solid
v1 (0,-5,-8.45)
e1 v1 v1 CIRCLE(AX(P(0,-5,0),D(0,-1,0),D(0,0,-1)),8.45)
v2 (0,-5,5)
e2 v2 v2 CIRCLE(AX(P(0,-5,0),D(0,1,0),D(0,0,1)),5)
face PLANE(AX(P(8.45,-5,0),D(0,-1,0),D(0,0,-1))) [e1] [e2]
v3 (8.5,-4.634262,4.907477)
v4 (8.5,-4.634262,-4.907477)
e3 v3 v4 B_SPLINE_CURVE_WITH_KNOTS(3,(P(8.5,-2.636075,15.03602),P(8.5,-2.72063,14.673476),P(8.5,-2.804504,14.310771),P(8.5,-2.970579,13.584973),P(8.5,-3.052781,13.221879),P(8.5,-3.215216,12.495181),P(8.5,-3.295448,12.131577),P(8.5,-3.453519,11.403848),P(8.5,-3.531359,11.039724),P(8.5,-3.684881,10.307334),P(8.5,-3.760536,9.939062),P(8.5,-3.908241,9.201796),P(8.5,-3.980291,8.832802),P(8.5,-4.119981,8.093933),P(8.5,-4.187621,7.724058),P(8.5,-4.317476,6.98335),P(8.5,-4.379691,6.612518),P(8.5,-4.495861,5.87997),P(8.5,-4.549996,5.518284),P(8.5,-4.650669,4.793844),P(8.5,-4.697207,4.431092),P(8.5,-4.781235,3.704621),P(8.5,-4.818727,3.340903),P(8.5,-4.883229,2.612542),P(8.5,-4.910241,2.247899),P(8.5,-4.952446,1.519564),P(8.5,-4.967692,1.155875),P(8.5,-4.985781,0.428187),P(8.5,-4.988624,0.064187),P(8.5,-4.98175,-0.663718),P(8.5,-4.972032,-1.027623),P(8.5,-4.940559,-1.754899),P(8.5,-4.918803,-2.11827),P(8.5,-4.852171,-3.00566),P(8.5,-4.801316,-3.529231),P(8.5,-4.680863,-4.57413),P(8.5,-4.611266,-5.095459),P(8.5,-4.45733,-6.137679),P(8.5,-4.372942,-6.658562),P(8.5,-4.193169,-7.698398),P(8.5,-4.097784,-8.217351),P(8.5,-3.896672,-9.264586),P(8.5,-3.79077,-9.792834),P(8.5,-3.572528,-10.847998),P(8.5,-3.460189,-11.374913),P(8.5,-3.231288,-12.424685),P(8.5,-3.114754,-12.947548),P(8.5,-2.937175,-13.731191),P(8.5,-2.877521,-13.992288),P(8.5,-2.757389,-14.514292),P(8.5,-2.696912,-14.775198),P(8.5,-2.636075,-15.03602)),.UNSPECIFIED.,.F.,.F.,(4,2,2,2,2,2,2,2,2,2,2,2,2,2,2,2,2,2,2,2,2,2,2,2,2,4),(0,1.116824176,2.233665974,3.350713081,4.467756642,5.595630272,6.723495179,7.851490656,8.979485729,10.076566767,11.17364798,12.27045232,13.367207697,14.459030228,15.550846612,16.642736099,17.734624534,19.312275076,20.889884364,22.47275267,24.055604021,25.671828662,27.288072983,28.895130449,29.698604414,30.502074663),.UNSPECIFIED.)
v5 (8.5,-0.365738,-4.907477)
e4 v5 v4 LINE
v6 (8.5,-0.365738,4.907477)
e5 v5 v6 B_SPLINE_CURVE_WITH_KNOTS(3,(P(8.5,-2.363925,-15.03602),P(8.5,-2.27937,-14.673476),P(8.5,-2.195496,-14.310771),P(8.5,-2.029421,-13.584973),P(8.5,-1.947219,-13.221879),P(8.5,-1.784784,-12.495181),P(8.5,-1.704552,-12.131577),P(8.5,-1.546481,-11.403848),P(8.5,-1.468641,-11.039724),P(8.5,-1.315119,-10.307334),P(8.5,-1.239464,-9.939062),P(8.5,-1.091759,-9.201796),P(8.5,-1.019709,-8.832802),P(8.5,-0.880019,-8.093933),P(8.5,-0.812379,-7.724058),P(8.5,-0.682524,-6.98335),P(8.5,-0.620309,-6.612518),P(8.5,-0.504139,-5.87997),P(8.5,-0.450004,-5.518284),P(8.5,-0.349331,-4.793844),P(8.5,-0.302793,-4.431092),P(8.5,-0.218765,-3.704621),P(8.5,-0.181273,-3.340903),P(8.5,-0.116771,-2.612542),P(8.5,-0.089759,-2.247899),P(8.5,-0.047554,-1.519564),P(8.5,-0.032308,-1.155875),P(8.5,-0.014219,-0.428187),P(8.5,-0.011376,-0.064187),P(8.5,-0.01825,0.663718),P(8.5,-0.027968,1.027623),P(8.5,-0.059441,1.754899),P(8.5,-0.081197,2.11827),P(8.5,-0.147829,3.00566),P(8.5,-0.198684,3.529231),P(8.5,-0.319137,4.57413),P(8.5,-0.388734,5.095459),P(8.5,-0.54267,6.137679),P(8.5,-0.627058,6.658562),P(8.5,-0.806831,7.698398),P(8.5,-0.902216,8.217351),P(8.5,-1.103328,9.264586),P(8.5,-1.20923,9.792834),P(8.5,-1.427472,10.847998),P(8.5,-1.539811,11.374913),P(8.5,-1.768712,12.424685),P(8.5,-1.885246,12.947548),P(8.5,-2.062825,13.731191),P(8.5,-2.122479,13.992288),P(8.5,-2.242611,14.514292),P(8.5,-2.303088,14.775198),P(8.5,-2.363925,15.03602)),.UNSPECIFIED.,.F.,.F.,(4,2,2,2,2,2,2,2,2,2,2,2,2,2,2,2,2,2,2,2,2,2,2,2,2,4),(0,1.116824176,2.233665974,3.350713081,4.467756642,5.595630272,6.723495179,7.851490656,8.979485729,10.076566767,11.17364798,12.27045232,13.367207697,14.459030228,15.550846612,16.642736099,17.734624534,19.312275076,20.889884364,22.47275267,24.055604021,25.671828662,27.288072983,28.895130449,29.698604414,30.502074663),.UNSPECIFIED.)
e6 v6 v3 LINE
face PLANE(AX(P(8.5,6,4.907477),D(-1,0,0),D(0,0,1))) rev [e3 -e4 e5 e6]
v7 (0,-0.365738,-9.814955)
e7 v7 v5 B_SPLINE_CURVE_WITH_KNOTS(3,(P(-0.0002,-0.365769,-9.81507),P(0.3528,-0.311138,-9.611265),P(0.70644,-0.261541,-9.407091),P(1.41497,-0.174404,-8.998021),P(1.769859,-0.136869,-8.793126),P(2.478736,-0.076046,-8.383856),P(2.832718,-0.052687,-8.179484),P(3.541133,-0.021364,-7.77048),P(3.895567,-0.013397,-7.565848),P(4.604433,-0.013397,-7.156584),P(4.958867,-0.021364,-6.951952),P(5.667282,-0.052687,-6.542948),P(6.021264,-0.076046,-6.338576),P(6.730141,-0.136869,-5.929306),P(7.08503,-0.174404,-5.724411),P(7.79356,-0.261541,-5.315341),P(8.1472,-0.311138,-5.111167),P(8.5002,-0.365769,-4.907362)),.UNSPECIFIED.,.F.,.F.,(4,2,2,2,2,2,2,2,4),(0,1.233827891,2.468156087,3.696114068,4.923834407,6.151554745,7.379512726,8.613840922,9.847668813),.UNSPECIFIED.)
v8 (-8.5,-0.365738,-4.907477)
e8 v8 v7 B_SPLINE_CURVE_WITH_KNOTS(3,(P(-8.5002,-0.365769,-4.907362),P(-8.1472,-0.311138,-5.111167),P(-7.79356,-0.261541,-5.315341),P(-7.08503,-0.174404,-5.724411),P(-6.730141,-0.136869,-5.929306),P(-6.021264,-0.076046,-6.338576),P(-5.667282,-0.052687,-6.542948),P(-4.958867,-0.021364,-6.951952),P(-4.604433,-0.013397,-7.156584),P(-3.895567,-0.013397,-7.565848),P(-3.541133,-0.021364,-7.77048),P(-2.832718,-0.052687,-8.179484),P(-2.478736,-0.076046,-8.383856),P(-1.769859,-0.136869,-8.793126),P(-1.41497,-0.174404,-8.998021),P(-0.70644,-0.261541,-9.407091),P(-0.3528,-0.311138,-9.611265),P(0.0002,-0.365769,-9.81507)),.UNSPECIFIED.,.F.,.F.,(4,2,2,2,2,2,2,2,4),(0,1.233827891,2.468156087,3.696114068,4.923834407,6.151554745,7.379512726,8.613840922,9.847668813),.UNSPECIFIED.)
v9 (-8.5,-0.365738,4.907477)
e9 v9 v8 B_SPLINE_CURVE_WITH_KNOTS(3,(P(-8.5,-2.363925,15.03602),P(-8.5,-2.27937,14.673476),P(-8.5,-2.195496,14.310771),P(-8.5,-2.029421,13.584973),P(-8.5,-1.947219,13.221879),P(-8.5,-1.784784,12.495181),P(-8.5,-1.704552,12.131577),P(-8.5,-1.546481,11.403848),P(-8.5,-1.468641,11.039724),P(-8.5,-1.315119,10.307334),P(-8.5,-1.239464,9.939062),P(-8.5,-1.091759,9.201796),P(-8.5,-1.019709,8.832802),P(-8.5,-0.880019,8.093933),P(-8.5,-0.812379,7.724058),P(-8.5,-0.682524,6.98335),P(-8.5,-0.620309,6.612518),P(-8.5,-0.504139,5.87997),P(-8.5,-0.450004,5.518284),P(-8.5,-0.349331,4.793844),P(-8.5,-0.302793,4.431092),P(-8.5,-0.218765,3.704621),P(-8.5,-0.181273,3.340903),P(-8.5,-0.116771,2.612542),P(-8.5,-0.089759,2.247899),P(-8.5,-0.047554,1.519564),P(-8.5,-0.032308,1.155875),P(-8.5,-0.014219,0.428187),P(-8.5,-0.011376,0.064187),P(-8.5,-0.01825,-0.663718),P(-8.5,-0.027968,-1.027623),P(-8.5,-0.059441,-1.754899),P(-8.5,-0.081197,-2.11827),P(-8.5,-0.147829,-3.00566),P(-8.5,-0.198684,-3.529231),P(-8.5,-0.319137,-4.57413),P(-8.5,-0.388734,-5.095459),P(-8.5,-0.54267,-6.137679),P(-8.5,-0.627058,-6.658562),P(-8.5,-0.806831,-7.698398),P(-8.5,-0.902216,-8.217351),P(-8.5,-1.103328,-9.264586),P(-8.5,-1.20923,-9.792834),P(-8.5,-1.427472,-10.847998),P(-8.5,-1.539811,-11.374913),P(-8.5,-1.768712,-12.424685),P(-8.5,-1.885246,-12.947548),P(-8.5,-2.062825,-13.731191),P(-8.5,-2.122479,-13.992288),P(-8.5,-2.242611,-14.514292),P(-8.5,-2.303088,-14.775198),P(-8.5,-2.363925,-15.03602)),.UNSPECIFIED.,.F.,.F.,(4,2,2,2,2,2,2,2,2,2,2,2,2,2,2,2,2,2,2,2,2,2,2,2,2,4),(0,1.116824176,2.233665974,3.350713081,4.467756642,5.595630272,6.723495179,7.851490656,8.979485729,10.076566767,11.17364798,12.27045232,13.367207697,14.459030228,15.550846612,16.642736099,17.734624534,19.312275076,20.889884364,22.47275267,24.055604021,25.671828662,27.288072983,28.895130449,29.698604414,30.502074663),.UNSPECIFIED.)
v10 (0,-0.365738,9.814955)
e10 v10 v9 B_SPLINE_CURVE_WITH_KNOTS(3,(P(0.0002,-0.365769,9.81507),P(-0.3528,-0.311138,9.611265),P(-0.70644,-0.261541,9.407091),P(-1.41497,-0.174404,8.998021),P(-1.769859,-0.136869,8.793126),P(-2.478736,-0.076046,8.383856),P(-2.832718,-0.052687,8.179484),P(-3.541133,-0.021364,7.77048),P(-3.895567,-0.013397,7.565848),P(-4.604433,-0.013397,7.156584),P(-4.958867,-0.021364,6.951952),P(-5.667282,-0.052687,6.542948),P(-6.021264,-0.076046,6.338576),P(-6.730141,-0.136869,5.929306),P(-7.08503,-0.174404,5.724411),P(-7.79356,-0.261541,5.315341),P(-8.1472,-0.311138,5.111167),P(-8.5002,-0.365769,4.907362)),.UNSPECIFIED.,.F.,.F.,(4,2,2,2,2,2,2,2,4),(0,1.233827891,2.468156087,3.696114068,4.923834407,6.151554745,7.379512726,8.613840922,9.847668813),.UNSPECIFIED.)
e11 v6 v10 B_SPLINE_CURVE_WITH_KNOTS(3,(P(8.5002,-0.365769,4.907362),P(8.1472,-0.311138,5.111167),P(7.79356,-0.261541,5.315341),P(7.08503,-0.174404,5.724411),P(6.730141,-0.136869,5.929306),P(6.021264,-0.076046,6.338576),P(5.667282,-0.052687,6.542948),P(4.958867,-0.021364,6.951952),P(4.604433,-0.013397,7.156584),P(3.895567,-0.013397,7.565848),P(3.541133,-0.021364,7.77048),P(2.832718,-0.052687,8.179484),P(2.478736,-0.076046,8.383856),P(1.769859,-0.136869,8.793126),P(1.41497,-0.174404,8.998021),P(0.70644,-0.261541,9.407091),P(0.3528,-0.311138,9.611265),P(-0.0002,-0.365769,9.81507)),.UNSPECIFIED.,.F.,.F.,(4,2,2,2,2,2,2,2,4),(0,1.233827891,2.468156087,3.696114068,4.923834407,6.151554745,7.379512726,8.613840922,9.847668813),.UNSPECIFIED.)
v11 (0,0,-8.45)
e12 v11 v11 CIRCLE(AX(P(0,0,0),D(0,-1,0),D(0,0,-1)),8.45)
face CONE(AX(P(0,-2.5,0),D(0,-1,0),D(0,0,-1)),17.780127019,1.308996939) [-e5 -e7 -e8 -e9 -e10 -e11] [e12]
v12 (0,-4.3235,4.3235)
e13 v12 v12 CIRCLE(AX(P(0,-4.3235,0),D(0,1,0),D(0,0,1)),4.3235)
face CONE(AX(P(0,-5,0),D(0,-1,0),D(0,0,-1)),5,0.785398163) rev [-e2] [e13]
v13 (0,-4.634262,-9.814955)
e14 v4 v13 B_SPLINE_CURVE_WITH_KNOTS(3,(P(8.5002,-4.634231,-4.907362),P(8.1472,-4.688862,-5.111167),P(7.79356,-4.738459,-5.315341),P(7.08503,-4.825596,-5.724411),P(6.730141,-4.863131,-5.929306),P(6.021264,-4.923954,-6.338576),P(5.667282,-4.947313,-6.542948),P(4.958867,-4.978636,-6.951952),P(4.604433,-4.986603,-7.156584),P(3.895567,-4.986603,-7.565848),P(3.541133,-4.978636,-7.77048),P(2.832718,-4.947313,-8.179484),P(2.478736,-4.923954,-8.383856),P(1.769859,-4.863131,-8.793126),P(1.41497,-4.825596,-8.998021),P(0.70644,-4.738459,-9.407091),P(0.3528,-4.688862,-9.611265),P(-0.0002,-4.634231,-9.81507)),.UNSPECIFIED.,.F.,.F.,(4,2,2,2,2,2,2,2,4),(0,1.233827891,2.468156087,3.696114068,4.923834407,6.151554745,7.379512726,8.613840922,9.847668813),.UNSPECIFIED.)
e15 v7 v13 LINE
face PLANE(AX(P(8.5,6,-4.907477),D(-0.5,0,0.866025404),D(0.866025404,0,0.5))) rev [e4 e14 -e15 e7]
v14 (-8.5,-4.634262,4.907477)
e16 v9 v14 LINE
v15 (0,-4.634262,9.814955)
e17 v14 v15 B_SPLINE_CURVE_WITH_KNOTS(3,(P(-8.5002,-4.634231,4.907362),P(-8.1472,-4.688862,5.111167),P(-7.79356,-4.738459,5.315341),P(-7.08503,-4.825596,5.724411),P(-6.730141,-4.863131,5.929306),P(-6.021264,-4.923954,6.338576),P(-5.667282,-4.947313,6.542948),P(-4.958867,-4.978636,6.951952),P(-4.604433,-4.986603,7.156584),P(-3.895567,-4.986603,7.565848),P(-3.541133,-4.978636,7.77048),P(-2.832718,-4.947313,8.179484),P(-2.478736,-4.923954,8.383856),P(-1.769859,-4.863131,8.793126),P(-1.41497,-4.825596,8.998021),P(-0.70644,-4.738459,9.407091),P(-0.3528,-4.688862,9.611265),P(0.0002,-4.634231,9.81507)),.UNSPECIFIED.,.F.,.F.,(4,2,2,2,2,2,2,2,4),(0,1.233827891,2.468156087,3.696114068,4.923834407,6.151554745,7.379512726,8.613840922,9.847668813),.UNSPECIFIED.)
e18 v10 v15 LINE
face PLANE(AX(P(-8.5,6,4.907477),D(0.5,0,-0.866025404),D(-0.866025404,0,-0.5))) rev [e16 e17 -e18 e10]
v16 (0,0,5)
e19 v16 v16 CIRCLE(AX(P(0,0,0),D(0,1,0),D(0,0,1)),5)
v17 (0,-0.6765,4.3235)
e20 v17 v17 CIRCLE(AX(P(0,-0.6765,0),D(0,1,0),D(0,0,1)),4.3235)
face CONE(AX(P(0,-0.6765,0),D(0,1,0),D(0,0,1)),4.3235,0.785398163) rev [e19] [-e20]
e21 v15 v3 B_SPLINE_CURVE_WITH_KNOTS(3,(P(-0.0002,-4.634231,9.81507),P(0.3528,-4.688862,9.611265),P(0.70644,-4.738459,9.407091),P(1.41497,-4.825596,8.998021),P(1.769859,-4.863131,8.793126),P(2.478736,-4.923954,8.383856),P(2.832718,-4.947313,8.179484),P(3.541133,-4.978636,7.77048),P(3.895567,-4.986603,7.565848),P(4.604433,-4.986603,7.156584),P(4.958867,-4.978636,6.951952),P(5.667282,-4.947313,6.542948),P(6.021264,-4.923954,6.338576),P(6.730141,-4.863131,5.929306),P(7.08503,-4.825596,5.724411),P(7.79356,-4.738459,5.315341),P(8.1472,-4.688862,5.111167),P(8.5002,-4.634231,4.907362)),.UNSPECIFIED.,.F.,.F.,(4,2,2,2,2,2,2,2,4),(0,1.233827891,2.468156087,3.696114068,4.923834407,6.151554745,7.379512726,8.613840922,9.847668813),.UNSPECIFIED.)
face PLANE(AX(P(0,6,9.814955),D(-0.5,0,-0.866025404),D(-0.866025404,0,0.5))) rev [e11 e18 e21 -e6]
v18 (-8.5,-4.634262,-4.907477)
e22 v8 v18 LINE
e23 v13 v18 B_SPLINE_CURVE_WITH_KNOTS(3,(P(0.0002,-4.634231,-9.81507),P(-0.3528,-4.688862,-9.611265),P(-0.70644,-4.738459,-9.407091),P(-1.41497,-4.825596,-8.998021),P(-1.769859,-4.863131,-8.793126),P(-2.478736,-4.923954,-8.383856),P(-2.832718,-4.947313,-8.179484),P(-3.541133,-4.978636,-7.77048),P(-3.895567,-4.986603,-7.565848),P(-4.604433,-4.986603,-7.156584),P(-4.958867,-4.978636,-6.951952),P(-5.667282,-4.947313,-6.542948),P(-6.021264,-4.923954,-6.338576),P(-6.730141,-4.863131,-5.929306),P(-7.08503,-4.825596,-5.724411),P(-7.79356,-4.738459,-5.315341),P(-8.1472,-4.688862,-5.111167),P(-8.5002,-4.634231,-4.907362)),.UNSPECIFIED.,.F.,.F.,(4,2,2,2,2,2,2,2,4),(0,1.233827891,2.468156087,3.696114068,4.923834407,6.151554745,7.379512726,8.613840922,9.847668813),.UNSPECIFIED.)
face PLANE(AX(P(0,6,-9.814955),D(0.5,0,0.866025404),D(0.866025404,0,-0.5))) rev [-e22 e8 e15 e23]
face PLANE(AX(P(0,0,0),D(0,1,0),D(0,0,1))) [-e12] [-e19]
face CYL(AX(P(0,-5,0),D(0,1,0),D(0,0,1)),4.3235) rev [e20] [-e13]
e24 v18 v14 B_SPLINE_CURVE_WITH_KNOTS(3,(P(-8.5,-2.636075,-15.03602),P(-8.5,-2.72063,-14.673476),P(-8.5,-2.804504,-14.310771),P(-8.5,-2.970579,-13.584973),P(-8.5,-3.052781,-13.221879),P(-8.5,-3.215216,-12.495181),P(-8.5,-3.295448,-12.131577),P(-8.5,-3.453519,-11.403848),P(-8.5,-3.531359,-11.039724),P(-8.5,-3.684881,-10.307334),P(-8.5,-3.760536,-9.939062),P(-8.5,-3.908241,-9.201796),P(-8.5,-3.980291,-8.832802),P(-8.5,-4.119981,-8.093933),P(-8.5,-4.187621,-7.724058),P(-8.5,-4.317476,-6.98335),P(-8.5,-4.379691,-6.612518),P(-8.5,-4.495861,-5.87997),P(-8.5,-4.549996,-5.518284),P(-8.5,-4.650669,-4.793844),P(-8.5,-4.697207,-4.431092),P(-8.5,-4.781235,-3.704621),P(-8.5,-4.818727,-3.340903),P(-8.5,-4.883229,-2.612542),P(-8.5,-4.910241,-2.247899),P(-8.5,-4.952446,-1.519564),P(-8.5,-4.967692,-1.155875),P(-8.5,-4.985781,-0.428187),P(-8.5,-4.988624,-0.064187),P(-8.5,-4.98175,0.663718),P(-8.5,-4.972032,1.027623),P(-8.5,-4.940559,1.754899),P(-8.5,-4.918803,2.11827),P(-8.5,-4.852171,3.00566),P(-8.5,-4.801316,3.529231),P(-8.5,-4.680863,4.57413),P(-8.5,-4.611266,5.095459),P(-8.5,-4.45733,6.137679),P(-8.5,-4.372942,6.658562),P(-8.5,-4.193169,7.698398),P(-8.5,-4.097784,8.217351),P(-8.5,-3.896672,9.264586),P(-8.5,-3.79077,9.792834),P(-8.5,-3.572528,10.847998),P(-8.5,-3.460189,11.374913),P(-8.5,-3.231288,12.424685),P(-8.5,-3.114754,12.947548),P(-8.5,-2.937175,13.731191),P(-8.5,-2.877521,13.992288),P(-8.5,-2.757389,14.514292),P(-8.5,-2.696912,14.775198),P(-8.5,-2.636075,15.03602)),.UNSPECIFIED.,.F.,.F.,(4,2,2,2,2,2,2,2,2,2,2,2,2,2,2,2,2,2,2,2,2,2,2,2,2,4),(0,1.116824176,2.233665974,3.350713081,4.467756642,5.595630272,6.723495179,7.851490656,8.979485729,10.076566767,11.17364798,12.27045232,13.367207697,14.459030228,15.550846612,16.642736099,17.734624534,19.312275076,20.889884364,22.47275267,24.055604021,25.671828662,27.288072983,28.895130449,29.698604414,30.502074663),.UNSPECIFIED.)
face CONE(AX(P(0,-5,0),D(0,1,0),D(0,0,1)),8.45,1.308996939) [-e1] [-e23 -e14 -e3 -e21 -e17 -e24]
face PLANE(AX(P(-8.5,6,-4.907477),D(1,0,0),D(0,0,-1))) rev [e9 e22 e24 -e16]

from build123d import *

# Parameters (mm, degrees)
CUT_EXTRUDE1_DEPTH      = 6
CUT_EXTRUDE1_DEPTH_BACK = 6
SKETCH2_W               = 68
SKETCH2_H               = 68


with BuildPart() as part:
    # Sketch1 → Revolve1 (revolve)
    with BuildSketch(Plane.XY):
        Polygon((0, 0), (8.45, 0), (17.780127019, -2.5), (8.45, -5), (0, -5), align=None)
    revolve(axis=Axis((0, -5, 0), (0, 1, 0)))

    # Sketch2 → Cut-Extrude1 (cut, two sides: drawn at the far end of the back side and taken through both)
    with BuildSketch(Plane(origin=(0, 0, 0), x_dir=(1, 0, 0), z_dir=(0, 1, 0)).offset(-CUT_EXTRUDE1_DEPTH_BACK)):
        Rectangle(SKETCH2_W, SKETCH2_H)
        Polygon((-8.5, -4.907477288), (0, -9.814954576), (8.5, -4.907477288), (8.5, 4.907477288), (0, 9.814954576), (-8.5, 4.907477288), align=None, mode=Mode.SUBTRACT)
    extrude(amount=CUT_EXTRUDE1_DEPTH + CUT_EXTRUDE1_DEPTH_BACK, mode=Mode.SUBTRACT)

    # Sketch3 → Cut-Revolve1 (revolve, cut)
    with BuildSketch(Plane.XY):
        Polygon((0, 0), (5, 0), (4.3235, -0.6765), (4.3235, -4.3235), (5, -5), (0, -5), align=None)
    revolve(axis=Axis((0, -5, 0), (0, 1, 0)), mode=Mode.SUBTRACT)


solid = part.part
